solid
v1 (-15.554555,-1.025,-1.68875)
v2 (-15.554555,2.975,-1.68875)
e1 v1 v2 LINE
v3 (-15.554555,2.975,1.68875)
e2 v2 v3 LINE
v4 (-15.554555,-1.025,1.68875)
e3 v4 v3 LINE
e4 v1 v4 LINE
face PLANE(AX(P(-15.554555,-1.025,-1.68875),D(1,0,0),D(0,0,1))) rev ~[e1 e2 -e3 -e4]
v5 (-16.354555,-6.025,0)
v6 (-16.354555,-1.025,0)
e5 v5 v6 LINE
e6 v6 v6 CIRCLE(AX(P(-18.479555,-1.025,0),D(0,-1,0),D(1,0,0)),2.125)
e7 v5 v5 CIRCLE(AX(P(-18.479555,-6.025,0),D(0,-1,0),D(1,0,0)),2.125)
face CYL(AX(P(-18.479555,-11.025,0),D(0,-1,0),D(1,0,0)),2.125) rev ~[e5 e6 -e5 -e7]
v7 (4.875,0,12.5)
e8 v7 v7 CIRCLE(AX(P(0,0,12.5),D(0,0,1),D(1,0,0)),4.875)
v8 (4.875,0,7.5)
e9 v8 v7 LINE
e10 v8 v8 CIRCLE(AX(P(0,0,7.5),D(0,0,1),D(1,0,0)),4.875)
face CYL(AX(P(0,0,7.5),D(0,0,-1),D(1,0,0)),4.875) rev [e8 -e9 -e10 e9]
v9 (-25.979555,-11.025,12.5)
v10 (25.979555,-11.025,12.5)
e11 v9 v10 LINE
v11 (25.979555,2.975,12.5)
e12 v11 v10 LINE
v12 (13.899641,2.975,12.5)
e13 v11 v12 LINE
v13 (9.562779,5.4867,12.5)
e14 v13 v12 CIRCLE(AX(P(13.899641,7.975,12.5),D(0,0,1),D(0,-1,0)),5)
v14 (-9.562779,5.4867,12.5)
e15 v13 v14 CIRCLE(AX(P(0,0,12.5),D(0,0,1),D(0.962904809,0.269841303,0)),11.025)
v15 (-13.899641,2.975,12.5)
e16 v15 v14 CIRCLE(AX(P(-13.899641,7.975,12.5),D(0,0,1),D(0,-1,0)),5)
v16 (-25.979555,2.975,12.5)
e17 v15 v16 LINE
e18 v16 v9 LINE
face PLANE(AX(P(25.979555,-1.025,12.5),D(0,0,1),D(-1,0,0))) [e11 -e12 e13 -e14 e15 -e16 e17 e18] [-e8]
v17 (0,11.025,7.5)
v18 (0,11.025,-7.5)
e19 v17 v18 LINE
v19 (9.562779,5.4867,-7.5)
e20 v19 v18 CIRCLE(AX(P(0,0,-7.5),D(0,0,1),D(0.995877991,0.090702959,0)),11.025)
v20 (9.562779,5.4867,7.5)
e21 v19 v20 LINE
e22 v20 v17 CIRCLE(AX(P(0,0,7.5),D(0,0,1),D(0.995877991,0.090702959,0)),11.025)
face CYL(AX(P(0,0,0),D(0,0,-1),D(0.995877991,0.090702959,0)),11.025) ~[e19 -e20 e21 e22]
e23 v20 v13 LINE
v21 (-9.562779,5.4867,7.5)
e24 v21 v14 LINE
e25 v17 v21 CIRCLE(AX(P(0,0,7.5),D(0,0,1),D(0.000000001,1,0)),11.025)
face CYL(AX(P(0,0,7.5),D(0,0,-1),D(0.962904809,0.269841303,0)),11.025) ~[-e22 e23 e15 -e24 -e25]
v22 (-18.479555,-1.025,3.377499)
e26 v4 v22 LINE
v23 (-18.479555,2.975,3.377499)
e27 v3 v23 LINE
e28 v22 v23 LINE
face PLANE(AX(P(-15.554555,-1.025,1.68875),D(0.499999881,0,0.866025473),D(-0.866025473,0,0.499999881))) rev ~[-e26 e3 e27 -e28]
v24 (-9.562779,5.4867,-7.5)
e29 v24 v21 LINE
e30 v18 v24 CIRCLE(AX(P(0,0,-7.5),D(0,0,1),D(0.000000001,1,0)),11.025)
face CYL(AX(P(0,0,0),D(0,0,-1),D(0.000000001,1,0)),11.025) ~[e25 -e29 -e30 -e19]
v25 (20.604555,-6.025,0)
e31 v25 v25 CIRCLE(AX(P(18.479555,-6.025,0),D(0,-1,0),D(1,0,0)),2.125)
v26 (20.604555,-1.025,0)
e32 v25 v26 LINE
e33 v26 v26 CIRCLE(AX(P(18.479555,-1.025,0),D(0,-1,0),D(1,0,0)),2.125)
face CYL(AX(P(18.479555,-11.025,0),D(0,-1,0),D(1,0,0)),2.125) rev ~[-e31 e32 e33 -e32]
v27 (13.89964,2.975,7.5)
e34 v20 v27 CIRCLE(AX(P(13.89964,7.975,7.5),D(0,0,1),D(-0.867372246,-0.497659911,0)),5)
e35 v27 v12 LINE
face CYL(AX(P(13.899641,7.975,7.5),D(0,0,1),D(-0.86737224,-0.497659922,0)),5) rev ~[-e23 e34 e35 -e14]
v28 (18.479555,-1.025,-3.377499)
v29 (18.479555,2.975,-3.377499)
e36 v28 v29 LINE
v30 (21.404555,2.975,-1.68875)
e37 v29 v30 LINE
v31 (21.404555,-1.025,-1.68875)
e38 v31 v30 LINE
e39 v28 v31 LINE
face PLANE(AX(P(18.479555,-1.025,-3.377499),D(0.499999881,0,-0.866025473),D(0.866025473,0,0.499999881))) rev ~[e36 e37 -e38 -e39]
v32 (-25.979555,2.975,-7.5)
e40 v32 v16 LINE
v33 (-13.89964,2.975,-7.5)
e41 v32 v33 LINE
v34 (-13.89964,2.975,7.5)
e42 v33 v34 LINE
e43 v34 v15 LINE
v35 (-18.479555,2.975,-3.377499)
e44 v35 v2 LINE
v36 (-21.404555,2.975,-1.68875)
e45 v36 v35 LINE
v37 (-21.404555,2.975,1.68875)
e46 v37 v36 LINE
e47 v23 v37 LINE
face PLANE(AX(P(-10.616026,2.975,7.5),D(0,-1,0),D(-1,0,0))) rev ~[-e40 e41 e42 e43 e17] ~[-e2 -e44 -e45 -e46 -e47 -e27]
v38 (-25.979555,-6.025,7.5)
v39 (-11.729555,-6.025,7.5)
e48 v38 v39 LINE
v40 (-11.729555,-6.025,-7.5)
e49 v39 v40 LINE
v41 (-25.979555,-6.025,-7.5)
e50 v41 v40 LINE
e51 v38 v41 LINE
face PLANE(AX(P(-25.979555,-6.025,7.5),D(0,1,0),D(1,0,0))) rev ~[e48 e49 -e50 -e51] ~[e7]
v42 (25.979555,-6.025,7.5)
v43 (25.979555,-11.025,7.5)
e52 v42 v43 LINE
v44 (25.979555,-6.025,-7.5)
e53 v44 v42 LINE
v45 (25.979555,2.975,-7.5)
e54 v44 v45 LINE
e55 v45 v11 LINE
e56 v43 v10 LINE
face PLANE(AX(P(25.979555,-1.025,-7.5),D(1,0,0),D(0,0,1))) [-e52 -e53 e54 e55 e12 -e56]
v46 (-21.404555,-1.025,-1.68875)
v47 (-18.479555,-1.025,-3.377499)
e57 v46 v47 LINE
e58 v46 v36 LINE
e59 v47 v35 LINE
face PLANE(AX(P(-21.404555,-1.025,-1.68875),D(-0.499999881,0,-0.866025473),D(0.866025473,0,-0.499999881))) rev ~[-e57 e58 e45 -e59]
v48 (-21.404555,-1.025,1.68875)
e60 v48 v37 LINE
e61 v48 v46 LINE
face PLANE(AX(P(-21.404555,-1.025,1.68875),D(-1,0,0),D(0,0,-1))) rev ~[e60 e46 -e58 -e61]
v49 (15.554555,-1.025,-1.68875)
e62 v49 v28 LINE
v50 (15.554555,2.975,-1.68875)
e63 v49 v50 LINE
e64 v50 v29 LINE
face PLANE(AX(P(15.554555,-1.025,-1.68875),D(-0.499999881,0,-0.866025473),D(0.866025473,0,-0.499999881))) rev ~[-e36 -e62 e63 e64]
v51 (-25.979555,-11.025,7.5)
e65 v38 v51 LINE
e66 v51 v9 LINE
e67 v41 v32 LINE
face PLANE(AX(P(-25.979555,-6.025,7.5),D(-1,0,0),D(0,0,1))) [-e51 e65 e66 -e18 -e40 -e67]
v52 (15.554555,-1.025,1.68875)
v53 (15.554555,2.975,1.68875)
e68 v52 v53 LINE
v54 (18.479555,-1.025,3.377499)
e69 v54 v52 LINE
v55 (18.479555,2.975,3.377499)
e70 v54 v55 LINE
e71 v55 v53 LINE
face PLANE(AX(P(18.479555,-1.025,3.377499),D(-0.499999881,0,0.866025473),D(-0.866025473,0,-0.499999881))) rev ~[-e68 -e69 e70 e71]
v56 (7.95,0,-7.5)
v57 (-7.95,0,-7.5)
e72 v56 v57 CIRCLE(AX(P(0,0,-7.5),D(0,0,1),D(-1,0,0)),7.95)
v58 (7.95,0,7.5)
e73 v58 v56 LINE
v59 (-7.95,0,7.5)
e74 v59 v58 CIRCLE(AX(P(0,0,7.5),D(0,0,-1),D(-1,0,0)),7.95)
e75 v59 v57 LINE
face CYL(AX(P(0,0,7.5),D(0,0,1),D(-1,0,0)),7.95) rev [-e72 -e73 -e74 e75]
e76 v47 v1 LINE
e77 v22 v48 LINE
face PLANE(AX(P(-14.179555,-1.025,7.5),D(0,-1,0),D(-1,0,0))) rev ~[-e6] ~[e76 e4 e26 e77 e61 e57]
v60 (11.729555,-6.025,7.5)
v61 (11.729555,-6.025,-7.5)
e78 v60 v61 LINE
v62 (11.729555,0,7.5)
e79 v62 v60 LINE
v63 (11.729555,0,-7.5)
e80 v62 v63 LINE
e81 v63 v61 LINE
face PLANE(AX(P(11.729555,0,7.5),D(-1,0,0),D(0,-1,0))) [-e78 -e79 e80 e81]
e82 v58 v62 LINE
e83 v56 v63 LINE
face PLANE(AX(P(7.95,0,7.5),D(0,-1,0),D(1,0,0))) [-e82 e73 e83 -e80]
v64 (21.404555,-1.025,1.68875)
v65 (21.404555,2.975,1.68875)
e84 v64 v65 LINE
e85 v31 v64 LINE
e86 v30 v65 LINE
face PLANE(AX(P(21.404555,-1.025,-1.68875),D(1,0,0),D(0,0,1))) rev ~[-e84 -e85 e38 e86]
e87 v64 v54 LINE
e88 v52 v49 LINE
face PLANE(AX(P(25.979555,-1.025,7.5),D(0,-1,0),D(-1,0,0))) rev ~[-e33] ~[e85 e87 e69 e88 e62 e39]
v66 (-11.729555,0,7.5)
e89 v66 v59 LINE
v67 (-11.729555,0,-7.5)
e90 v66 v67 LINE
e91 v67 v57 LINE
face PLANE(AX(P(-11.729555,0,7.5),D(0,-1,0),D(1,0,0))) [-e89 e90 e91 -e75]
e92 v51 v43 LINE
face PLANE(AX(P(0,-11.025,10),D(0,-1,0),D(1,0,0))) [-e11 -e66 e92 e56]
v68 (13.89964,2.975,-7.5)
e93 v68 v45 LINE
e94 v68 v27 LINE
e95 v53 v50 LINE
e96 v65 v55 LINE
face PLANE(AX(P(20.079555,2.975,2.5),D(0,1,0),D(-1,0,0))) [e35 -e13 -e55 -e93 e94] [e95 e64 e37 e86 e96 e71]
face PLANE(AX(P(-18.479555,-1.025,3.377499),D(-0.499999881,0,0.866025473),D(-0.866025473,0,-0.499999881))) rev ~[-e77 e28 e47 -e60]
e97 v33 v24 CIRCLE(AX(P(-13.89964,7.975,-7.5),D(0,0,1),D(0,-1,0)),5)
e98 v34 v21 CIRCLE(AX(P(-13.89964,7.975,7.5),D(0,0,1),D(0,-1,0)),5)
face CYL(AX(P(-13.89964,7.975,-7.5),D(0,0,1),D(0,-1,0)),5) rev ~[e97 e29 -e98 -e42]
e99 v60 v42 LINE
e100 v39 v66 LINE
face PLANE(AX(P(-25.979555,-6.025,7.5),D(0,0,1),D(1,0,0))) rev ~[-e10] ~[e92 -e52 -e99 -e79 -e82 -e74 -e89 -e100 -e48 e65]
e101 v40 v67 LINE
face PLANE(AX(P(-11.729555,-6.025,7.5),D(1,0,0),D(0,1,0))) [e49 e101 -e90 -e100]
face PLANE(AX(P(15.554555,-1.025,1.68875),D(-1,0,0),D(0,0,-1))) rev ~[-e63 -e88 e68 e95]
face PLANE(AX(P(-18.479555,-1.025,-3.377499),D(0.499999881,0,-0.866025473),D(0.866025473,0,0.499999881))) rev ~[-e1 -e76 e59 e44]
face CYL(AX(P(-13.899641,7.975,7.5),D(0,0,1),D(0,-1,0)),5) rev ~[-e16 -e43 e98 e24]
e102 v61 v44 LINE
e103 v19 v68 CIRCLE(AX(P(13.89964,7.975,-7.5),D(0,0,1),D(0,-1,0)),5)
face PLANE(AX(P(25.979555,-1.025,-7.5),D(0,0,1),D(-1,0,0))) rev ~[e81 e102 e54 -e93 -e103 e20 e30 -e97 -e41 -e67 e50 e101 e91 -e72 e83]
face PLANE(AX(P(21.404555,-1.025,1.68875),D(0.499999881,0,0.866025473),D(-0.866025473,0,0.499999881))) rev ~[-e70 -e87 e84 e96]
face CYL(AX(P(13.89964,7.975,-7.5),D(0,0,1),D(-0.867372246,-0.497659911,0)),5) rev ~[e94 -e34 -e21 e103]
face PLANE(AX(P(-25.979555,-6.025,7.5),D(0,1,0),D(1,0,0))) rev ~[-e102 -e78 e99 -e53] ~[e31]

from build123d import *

# Parameters (mm, degrees)
F0_R      = 4.75
F1_DEPTH  = 7.5
F2_R      = 2.125
F3_DEPTH  = 25
F5_DEPTH  = 15.001
F7_DEPTH  = 7.5
F8_R      = 4.875
F9_DEPTH  = 5
F10_W     = 51.95911
F10_H     = 5
F11_DEPTH = 5
F12_W     = 11.8
F12_H     = 20
F13_DEPTH = 4
F14_R     = 5
F16_DEPTH = 25


with BuildPart() as f1:
    # F0 (on Top) → F1 (new body, symmetric)
    with BuildSketch(Plane.XY):
        with BuildLine():
            Line((-10.979555, -11.025), (0, -11.025))
            Line((0, -11.025), (10.979555, -11.025))
            Line((10.979555, -11.025), (10.979555, -6.025))
            Line((10.979555, -6.025), (25.979555, -6.025))
            Line((25.979555, -6.025), (25.979555, -1.025))
            Line((25.979555, -1.025), (10.979555, -1.025))
            Line((10.979555, -1.025), (10.979555, 1))
            ThreePointArc((10.979555, 1), (7.433896, 8.141733), (0, 11.025))
            ThreePointArc((0, 11.025), (-7.433896, 8.141733), (-10.979555, 1))
            Line((-10.979555, 1), (-10.979555, -1.025))
            Line((-10.979555, -1.025), (-25.979555, -1.025))
            Line((-25.979555, -1.025), (-25.979555, -6.025))
            Line((-25.979555, -6.025), (-10.979555, -6.025))
            Line((-10.979555, -6.025), (-10.979555, -11.025))
        make_face()
        Circle(F0_R, mode=Mode.SUBTRACT)
    extrude(amount=F1_DEPTH, both=True)

    # F2 (on face) → F3 (cut)
    with BuildSketch(Plane.XZ.offset(11.025)):
        with Locations((-18.479555, 0)):
            Circle(F2_R)
        with Locations((18.479555, 0)):
            Circle(F2_R)
    extrude(amount=-F3_DEPTH, mode=Mode.SUBTRACT)

    # F4 (on face) → F5 (cut, through all)
    with BuildSketch(Plane.XY.offset(7.5)):
        with BuildLine():
            Line((10.979555, -0.0125), (7.82499, -0.0125))
            ThreePointArc((7.82499, -0.0125), (0, 7.825), (-7.82499, -0.0125))
            Line((-7.82499, -0.0125), (-10.979555, -0.0125))
            Line((-10.979555, -0.0125), (-10.979555, -6.025))
            Line((-10.979555, -6.025), (-10.979555, -11.025))
            Line((-10.979555, -11.025), (10.979555, -11.025))
            Line((10.979555, -11.025), (10.979555, -6.025))
            Line((10.979555, -6.025), (10.979555, -0.0125))
        make_face()
    extrude(amount=-F5_DEPTH, mode=Mode.SUBTRACT)

    # F6 (on Top) → F7 (join, symmetric)
    with BuildSketch(Plane.XY):
        with BuildLine():
            Line((-10.979555, -1.025), (-10.979555, 1))
            ThreePointArc((-10.979555, 1), (-10.842852, 1.995794), (-10.616026, 2.975))
            Line((-10.616026, 2.975), (-14.179555, 2.975))
            Line((-14.179555, 2.975), (-14.179555, -1.025))
            Line((-14.179555, -1.025), (-10.979555, -1.025))
        make_face()
        with BuildLine():
            Line((14.179555, 2.975), (10.616026, 2.975))
            ThreePointArc((10.616026, 2.975), (10.842852, 1.995794), (10.979555, 1))
            Line((10.979555, 1), (10.979555, -1.025))
            Line((10.979555, -1.025), (14.179555, -1.025))
            Line((14.179555, -1.025), (14.179555, 2.975))
        make_face()
    extrude(amount=F7_DEPTH, both=True)

    # F8 (on face) → F9 (join)
    with BuildSketch(Plane.XY.offset(7.5)):
        with BuildLine():
            Line((-25.979555, -6.025), (-10.979555, -6.025))
            Line((-10.979555, -6.025), (10.979555, -6.025))
            Line((10.979555, -6.025), (25.979555, -6.025))
            Line((25.979555, -6.025), (25.979555, -1.025))
            Line((25.979555, -1.025), (14.179555, -1.025))
            Line((14.179555, -1.025), (14.179555, 2.975))
            Line((14.179555, 2.975), (10.616026, 2.975))
            ThreePointArc((10.616026, 2.975), (0, 11.025), (-10.616026, 2.975))
            Line((-10.616026, 2.975), (-14.179555, 2.975))
            Line((-14.179555, 2.975), (-14.179555, -1.025))
            Line((-14.179555, -1.025), (-25.979555, -1.025))
            Line((-25.979555, -1.025), (-25.979555, -6.025))
        make_face()
        Circle(F8_R, mode=Mode.SUBTRACT)
    extrude(amount=F9_DEPTH)

    # F10 (on face) → F11 (join)
    with BuildSketch(Plane.XZ.offset(6.025)):
        with Locations((0, 10)):
            Rectangle(F10_W, F10_H)
    extrude(amount=F11_DEPTH)

    # F12 (on face) → F13 (join)
    with BuildSketch(Plane(origin=(0, -1.025, 0), x_dir=(-1, 0, 0), z_dir=(0, 1, 0))):
        with Locations((-20.079555, 2.5)):
            Rectangle(F12_W, F12_H)
        Polygon((-18.479555, 3.377499), (-15.554555, 1.68875), (-15.554555, -1.68875), (-18.479555, -3.377499), (-21.404555, -1.68875), (-21.404555, 1.68875), align=None, mode=Mode.SUBTRACT)
        with Locations((20.079555, 2.5)):
            Rectangle(F12_W, F12_H)
        Polygon((15.554555, 1.68875), (18.479555, 3.377499), (21.404555, 1.68875), (21.404555, -1.68875), (18.479555, -3.377499), (15.554555, -1.68875), align=None, mode=Mode.SUBTRACT)
    extrude(amount=F13_DEPTH)

    # F14
    f14_edges = [f1.edges().sort_by_distance(p)[0] for p in [
        (6.661503, 8.78493, 0),
        (10.616026, 2.975, 10),
        (-6.661503, 8.78493, 0),
        (-10.616026, 2.975, 10),
    ]]
    fillet(f14_edges, radius=F14_R)

    # F15 (on face) → F16 (cut)
    with BuildSketch(Plane(origin=(0, 0, 7.5), x_dir=(1, 0, 0), z_dir=(0, 0, -1))):
        with BuildLine():
            Line((11.729555, 6.025), (-11.729555, 6.025))
            Line((-11.729555, 6.025), (-11.729555, 0))
            Line((-11.729555, 0), (-7.95, 0))
            ThreePointArc((-7.95, 0), (0, -7.95), (7.95, 0))
            Line((7.95, 0), (11.729555, 0))
            Line((11.729555, 0), (11.729555, 6.025))
        make_face()
    extrude(amount=F16_DEPTH, mode=Mode.SUBTRACT)


solid = f1.part
